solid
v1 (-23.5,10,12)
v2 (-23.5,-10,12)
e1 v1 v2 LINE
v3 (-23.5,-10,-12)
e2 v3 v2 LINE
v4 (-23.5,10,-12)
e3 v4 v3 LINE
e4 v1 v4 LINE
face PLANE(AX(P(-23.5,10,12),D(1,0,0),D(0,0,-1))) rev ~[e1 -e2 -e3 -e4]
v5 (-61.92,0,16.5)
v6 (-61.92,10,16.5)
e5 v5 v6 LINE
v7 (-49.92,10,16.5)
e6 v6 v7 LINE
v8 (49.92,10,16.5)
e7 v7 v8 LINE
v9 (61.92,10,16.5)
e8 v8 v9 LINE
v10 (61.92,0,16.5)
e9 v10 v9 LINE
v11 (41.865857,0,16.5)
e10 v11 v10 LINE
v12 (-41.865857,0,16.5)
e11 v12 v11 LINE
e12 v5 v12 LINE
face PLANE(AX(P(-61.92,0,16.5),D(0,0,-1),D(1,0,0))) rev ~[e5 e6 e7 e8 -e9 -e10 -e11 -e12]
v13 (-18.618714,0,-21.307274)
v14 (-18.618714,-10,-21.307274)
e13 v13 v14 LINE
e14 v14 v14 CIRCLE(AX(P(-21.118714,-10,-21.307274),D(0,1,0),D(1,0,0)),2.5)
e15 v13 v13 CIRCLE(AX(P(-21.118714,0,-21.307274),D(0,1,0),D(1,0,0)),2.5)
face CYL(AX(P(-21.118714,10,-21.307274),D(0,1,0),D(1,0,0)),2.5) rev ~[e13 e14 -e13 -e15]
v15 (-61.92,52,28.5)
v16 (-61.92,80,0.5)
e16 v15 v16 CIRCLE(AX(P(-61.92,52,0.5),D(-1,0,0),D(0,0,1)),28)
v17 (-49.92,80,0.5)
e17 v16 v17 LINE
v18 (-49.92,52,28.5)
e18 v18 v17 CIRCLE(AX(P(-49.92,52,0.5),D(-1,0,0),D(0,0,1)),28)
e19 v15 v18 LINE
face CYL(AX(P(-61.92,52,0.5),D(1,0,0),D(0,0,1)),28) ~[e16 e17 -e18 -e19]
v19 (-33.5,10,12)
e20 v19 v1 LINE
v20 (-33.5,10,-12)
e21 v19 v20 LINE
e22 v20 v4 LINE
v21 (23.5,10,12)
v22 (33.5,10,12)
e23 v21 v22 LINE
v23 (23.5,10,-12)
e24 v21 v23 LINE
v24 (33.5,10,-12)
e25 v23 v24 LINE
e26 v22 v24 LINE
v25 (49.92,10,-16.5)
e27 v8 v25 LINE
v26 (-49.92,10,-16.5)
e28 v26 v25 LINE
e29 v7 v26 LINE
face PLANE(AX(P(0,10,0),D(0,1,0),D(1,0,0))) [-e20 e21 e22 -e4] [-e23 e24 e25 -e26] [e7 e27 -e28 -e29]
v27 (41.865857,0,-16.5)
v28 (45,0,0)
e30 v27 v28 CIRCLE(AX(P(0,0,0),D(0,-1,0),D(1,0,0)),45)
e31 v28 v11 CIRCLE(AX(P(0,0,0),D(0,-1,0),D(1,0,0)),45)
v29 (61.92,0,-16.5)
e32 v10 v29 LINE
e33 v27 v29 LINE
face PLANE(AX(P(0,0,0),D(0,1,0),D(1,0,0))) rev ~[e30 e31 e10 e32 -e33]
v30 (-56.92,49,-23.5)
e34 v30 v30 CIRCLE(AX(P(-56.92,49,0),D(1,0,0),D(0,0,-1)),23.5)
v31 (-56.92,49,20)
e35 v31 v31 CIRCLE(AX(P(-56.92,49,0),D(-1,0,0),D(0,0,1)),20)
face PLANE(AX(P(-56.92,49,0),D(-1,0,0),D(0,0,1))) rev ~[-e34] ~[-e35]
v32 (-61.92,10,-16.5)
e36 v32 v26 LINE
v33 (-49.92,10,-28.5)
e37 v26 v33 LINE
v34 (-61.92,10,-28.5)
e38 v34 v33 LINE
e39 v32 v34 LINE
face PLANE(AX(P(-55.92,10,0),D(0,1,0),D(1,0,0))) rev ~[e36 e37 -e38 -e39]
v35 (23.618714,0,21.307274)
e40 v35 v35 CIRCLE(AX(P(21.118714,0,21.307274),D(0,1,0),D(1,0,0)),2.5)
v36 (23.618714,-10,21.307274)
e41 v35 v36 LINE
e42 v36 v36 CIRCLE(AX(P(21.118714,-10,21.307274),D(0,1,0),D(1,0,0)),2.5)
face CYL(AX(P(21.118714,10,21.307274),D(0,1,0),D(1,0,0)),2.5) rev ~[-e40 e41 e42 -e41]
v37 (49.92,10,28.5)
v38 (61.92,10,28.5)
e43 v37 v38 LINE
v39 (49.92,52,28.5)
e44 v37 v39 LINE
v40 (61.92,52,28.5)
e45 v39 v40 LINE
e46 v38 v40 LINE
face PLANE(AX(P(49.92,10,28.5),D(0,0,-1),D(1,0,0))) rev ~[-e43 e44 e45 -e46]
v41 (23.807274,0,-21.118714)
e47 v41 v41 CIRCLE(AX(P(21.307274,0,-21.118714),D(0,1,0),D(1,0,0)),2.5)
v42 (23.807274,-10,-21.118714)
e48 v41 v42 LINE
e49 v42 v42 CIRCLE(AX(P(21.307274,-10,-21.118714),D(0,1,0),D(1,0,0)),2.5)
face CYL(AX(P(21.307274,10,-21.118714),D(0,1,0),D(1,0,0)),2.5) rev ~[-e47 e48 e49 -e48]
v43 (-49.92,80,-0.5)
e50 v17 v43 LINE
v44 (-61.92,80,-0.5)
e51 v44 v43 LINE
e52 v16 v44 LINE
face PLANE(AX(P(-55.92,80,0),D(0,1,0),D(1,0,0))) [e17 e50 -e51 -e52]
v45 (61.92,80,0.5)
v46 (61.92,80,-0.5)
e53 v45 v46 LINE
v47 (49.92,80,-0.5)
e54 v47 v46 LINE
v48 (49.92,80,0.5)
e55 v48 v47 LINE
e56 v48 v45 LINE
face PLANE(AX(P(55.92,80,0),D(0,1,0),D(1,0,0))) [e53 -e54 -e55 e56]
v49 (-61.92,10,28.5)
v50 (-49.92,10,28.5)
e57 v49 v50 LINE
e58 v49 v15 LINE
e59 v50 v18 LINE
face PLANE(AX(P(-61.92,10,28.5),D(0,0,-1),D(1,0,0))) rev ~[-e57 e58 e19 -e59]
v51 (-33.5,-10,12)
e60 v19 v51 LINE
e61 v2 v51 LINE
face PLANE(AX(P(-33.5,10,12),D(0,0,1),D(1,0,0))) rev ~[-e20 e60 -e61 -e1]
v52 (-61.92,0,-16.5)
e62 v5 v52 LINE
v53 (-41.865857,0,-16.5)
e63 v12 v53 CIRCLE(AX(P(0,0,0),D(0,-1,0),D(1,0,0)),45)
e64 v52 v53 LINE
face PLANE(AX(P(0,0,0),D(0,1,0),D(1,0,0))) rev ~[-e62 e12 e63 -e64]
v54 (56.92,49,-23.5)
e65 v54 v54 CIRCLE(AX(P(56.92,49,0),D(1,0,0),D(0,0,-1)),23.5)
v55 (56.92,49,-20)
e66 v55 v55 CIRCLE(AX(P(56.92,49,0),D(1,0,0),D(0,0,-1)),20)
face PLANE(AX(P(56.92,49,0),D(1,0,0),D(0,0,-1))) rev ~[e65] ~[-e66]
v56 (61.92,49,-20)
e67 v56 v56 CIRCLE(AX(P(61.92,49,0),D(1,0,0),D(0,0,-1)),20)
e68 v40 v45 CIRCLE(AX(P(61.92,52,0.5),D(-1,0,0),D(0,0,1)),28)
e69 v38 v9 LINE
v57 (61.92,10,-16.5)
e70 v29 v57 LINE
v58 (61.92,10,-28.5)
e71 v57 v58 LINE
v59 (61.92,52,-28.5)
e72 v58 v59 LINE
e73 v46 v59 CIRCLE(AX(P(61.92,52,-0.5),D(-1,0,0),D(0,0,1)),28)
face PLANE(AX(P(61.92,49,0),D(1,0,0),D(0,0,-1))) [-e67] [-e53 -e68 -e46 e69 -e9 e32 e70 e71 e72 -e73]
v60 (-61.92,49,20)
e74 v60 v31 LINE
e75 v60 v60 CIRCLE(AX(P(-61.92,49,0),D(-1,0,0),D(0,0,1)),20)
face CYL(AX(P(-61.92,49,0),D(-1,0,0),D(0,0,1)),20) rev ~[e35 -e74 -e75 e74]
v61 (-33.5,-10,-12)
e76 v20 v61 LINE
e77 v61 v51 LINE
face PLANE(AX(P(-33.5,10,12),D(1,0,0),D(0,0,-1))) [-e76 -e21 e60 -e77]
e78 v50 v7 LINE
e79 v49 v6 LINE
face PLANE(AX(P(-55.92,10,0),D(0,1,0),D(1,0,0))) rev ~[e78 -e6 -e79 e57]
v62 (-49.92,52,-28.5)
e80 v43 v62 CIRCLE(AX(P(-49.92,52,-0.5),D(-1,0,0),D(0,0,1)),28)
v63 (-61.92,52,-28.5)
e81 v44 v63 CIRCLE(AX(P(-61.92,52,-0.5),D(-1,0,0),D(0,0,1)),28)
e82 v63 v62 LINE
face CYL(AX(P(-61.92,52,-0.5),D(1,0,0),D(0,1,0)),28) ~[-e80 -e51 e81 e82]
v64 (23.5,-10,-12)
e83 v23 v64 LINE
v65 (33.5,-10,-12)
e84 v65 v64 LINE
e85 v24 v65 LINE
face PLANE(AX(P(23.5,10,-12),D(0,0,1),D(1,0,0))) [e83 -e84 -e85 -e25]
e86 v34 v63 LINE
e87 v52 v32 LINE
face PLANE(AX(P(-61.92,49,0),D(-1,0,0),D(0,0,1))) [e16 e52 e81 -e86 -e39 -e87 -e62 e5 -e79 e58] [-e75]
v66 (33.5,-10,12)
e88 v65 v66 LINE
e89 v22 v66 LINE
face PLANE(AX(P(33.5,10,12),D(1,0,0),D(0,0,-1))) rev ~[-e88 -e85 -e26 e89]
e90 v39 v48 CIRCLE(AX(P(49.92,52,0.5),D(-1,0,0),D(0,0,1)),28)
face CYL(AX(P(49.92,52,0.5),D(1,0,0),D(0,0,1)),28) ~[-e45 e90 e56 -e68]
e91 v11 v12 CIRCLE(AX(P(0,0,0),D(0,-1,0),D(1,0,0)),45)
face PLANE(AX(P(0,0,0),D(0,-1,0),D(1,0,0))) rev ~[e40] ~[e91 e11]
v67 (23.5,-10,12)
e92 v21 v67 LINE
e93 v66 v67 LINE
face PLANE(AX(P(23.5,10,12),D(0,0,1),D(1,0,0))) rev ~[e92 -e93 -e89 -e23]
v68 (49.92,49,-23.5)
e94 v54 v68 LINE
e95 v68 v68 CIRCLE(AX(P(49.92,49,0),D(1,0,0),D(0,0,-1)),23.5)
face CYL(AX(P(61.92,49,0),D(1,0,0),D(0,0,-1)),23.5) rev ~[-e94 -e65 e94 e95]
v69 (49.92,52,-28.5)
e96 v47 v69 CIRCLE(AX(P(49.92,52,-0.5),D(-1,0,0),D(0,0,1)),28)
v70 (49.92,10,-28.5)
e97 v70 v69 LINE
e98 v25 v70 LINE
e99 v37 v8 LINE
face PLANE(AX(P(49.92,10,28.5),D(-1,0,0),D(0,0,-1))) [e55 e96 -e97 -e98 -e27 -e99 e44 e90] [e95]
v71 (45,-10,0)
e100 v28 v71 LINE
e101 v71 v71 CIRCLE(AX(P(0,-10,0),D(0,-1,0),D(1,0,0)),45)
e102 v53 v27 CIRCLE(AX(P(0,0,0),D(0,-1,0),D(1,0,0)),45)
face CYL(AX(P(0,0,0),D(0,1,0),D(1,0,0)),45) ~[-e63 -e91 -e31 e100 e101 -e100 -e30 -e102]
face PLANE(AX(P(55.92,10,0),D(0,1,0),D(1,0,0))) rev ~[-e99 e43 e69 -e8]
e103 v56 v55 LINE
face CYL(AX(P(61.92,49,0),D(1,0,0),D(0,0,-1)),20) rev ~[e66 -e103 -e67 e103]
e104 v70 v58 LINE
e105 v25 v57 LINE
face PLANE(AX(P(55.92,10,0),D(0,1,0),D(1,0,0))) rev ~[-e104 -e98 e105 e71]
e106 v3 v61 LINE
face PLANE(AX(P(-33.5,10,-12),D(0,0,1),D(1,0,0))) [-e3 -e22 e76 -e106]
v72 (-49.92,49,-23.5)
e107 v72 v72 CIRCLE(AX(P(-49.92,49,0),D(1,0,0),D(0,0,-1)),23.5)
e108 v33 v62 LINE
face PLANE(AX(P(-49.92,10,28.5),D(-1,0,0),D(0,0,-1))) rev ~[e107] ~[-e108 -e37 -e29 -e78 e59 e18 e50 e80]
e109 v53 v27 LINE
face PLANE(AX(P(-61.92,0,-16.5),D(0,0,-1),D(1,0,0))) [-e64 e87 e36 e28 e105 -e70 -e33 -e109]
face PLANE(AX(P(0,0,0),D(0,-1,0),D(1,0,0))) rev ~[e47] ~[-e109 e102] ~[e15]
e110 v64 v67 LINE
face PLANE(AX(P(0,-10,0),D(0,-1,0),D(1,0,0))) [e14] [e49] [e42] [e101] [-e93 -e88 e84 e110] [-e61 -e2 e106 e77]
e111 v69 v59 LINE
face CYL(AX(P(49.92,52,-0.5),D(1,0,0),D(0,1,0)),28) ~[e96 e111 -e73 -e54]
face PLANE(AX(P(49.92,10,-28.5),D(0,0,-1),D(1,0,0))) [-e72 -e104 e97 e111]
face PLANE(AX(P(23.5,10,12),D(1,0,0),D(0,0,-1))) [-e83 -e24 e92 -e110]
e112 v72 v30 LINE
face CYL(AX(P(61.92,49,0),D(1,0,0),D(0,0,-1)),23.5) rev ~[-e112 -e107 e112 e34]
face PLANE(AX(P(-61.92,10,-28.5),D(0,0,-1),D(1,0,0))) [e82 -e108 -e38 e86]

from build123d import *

# Parameters (mm, degrees)
SKETCH1_W           = 123.84
SKETCH1_H           = 33
BOSS_EXTRUDE1_DEPTH = 10
SKETCH2_W           = 12
SKETCH2_H           = 57
BOSS_EXTRUDE2_DEPTH = 70
SKETCH3_R           = 23.5
CUT_EXTRUDE1_DEPTH  = 124.84
SKETCH10_R          = 45
BOSS_EXTRUDE5_DEPTH = 10
SKETCH9_R           = 2.5
SKETCH9_W           = 10
SKETCH9_H           = 24
CUT_EXTRUDE3_DEPTH  = 21
FILLET1_R           = 28
SKETCH11_R          = 23.5
SKETCH11_R_2        = 20
BOSS_EXTRUDE6_DEPTH = 5
SKETCH12_R          = 23.5
SKETCH12_R_2        = 20
BOSS_EXTRUDE7_DEPTH = 5


with BuildPart() as part:
    # Sketch1 → Boss-Extrude1 (new body)
    with BuildSketch(Plane(origin=(0, 0, 0), x_dir=(1, 0, 0), z_dir=(0, 1, 0))):
        Rectangle(SKETCH1_W, SKETCH1_H)
    extrude(amount=BOSS_EXTRUDE1_DEPTH)

    # Sketch2 → Boss-Extrude2 (add)
    with BuildSketch(Plane(origin=(0, 10, 0), x_dir=(1, 0, 0), z_dir=(0, 1, 0))):
        with Locations((-55.92, 0)):
            Rectangle(SKETCH2_W, SKETCH2_H)
        with Locations((55.92, 0)):
            Rectangle(SKETCH2_W, SKETCH2_H)
    extrude(amount=BOSS_EXTRUDE2_DEPTH)

    # Sketch3 → Cut-Extrude1 (cut, through all)
    with BuildSketch(Plane(origin=(61.92, 0, 0), x_dir=(0, 0, -1), z_dir=(1, 0, 0))):
        with Locations((0, 49)):
            Circle(SKETCH3_R)
    extrude(amount=-CUT_EXTRUDE1_DEPTH, mode=Mode.SUBTRACT)

    # Sketch10 → Boss-Extrude5 (add)
    with BuildSketch(Plane.XZ):
        Circle(SKETCH10_R)
    extrude(amount=BOSS_EXTRUDE5_DEPTH)

    # Sketch9 → Cut-Extrude3 (cut, through all)
    with BuildSketch(Plane(origin=(0, 10, 0), x_dir=(1, 0, 0), z_dir=(0, 1, 0))):
        with Locations((21.118713953, -21.307273899)):
            Circle(SKETCH9_R)
        with Locations((21.307273899, 21.118713953)):
            Circle(SKETCH9_R)
        with Locations((-21.118713953, 21.307273899)):
            Circle(SKETCH9_R)
        with Locations((-28.5, 0)):
            Rectangle(SKETCH9_W, SKETCH9_H)
        with Locations((28.5, 0)):
            Rectangle(SKETCH9_W, SKETCH9_H)
    extrude(amount=-CUT_EXTRUDE3_DEPTH, mode=Mode.SUBTRACT)

    # Fillet1
    fillet1_edges = [part.edges().sort_by_distance(p)[0] for p in [
        (-55.92, 80, 28.5),
        (-55.92, 80, -28.5),
        (55.92, 80, -28.5),
        (55.92, 80, 28.5),
    ]]
    fillet(fillet1_edges, radius=FILLET1_R)

    # Sketch11 → Boss-Extrude6 (add)
    with BuildSketch(Plane(origin=(61.92, 0, 0), x_dir=(0, 0, -1), z_dir=(1, 0, 0))):
        with Locations((0, 49)):
            Circle(SKETCH11_R)
        with Locations((0, 49)):
            Circle(SKETCH11_R_2, mode=Mode.SUBTRACT)
    extrude(amount=-BOSS_EXTRUDE6_DEPTH)

    # Sketch12 → Boss-Extrude7 (add)
    with BuildSketch(Plane.ZY.offset(61.92)):
        with Locations((0, 49)):
            Circle(SKETCH12_R)
        with Locations((0, 49)):
            Circle(SKETCH12_R_2, mode=Mode.SUBTRACT)
    extrude(amount=-BOSS_EXTRUDE7_DEPTH)


solid = part.part
